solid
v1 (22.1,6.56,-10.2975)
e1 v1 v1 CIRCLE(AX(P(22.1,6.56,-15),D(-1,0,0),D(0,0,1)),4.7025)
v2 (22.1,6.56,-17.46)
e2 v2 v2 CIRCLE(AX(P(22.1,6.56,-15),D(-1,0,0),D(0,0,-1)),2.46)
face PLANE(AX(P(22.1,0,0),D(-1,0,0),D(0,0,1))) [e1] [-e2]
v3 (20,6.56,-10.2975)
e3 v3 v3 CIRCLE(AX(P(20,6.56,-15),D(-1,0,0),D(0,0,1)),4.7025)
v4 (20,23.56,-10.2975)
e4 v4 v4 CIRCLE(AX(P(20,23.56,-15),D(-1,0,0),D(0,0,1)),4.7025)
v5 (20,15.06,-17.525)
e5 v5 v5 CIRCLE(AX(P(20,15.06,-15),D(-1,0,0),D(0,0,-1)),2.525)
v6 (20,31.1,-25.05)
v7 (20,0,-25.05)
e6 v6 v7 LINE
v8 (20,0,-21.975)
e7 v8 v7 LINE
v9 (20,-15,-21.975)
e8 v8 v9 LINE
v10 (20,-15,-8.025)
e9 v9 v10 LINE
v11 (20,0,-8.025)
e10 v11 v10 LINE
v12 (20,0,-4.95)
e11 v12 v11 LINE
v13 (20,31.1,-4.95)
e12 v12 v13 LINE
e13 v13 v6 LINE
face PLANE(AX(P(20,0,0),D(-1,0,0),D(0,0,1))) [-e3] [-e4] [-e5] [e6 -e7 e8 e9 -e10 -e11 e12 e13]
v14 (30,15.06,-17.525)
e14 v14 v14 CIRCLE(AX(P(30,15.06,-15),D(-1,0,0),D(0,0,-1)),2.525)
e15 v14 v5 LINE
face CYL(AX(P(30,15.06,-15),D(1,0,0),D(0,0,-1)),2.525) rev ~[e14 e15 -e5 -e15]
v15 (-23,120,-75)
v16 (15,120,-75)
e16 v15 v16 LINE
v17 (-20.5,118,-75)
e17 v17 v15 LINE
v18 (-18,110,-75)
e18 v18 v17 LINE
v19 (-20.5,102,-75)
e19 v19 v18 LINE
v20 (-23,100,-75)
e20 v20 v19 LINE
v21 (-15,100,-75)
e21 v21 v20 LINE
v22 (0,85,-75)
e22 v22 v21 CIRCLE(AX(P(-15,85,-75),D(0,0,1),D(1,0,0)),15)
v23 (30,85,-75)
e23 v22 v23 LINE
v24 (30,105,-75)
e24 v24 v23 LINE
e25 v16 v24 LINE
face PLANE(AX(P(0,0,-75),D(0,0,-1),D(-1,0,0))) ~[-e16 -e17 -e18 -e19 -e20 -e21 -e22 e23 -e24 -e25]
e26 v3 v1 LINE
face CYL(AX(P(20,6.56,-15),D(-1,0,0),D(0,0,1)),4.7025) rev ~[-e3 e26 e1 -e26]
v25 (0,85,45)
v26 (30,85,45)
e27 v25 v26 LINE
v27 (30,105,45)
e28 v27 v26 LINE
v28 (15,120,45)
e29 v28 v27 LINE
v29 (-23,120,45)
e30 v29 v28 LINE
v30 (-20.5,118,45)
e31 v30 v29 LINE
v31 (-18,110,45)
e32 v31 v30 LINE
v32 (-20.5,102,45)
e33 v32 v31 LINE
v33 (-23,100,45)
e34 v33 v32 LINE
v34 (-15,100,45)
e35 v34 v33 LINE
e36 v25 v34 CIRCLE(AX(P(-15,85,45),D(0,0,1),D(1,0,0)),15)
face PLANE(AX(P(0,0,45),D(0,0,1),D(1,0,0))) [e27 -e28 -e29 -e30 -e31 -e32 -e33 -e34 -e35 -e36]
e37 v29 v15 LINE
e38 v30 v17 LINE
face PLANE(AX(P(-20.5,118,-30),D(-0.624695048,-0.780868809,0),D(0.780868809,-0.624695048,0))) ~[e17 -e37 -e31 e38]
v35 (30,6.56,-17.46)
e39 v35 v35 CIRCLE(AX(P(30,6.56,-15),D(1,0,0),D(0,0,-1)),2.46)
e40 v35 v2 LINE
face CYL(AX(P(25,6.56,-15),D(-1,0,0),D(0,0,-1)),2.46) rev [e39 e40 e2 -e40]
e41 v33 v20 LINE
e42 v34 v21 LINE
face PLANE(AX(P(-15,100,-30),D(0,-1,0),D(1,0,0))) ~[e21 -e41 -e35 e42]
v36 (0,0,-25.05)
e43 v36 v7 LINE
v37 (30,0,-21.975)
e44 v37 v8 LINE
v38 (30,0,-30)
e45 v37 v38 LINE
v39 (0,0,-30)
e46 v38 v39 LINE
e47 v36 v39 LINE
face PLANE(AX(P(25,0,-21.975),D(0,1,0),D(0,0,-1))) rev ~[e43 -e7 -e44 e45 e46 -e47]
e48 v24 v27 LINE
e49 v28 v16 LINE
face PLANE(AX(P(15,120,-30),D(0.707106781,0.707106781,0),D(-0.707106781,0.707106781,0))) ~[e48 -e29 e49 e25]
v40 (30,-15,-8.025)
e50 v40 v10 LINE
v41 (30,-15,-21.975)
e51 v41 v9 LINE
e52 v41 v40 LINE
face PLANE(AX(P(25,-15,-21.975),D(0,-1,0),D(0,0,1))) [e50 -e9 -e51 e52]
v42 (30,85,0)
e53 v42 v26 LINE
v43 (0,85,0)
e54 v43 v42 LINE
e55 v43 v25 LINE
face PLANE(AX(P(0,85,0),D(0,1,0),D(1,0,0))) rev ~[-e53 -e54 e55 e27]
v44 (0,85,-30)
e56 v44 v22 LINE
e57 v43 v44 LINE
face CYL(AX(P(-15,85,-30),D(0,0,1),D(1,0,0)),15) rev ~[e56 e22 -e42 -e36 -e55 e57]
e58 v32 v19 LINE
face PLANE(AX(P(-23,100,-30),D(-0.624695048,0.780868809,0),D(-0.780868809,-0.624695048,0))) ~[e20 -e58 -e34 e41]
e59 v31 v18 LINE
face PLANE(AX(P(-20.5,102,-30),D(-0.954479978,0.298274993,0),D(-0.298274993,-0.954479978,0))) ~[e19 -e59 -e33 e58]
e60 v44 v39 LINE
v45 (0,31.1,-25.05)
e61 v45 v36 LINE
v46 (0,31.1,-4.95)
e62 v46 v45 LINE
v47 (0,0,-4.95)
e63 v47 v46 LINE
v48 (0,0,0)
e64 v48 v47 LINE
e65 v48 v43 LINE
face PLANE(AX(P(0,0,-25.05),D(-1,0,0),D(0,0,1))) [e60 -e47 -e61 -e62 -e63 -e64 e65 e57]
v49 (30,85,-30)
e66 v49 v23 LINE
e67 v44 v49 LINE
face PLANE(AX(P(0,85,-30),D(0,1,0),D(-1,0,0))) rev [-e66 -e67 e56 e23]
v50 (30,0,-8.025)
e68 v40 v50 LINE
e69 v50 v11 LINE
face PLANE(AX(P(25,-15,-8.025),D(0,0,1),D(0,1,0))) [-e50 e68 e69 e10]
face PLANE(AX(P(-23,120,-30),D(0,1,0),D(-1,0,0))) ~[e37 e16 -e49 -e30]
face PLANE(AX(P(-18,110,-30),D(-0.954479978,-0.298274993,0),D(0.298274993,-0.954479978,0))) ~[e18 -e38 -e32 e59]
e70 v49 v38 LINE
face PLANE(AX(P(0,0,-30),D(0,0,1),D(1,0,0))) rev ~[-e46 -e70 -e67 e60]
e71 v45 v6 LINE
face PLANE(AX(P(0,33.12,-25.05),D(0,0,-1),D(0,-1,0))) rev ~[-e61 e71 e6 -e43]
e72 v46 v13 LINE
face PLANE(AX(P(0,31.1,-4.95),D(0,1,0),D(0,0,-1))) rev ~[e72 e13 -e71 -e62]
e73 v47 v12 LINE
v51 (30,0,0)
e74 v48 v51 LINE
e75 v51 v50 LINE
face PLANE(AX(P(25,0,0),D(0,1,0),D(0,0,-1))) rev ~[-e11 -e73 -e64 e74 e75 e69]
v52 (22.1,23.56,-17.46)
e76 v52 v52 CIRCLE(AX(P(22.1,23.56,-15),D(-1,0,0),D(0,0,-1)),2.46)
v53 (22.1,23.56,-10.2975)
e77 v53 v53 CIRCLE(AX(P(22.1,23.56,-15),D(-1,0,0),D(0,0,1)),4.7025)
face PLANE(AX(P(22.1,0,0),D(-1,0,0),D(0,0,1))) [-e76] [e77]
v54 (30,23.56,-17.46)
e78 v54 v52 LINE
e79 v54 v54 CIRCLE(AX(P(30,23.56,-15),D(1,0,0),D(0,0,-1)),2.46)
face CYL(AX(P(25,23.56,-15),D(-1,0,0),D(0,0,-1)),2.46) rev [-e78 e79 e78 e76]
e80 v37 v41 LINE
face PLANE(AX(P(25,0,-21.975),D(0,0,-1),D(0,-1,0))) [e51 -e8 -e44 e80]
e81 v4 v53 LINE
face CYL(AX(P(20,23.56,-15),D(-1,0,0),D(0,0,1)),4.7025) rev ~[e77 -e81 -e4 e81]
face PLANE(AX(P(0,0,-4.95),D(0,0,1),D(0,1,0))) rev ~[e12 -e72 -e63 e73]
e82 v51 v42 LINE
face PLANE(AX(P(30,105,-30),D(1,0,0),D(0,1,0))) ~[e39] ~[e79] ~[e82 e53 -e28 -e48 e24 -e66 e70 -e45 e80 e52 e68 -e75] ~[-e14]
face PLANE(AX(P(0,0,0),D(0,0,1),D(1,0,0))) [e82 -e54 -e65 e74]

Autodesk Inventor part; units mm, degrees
ref_plane "YZ Plane" through (0, 0, 0) normal (1, 0, 0) x (0, 1, 0)
ref_plane "XZ Plane" through (0, 0, 0) normal (0, 1, 0) x (-1, 0, 0)
sketch "Sketch1" plane through (0, 0, 0) normal (0, 0, 1) x (1, 0, 0)
  line L0 (0, 0) -> (25, 0)
  line L1 (25, 0) -> (25, 40)
  line L2 (25, 40) -> (0, 40)
  line L3 (0, 40) -> (0, 0)
  dimension "d1" = 25
  dimension "d2" = 40
  dimension "d3" = 25
extrude "Extrusion1" add sketch "Sketch1" against normal blind 30
sketch "Sketch2" plane through (25, 0, 0) normal (1, 0, 0) x (0, 0, -1)
  line L0 (0, 0) -> (30, 0) projected
  circle A0 centre (15, 6.56) radius 2.46
extrude "Extrusion2" cut sketch "Sketch2" against normal blind 30
sketch "Sketch3" plane through (0, 0, 0) normal (-1, 0, 0) x (0, 0, 1)
  line L0 (0, 0) -> (-30, 0) projected
  line L1 (-25.05, 0) -> (-4.95, 0)
  line L2 (-4.95, 0) -> (-4.95, 33.12)
  line L3 (-4.95, 33.12) -> (-25.05, 33.12)
  line L4 (-25.05, 33.12) -> (-25.05, 0)
  dimension "d11" = 20.1
extrude "Extrusion3" cut sketch "Sketch3" against normal blind 20
sketch "Sketch4" plane through (0, 0, 0) normal (0, -1, 0) x (1, 0, 0)
  line L0 (20, -4.95) -> (20, -25.05) projected
  line L1 (20, -15) -> (25, -15)
  line L2 (25, 0) -> (25, -30) projected
  line L3 (20, -8.025) -> (25, -8.025)
  line L4 (25, -8.025) -> (25, -21.975)
  line L5 (25, -21.975) -> (20, -21.975)
  line L6 (20, -21.975) -> (20, -8.025)
  line L7 (20, -8.025) -> (25, -21.975) construction
  line L8 (25, -8.025) -> (20, -21.975) construction
  line L9 (25, -12.54) -> (25, -17.46) projected
  point P0 (0, 0)
  point P1 (22.5, -15)
  dimension "d14" = 13.95
extrude "Extrusion4" add sketch "Sketch4" along normal blind 15
sketch "Sketch5" plane through (20, 0, 0) normal (-1, 0, 0) x (0, 0, 1)
  circle A0 centre (-15, 6.56) radius 2.46 projected
  circle A1 centre (-15, 6.56) radius 4.7025
  circle A2 centre (-15, 6.56) radius 2.46 projected
  circle A3 centre (-15, 6.56) radius 2.46
  point P0 (0, 0)
  dimension "d17" = 9.405
extrude "Extrusion5" cut sketch "Sketch5" against normal blind 2.1
sketch "Sketch6" plane through (25, 0, 0) normal (1, 0, 0) x (0, 0, -1)
  circle A0 centre (15, 6.56) radius 4.7025 projected
  line L0 (15, 6.56) -> (15, 23.56)
  circle A1 centre (15, 23.56) radius 2.46
  point P0 (0, 0)
  dimension "d20" = 17
  dimension "d21" = 4.92
extrude "Extrusion6" cut sketch "Sketch6" against normal blind 10 contours A1
sketch "Sketch7" plane through (20, 0, 0) normal (-1, 0, 0) x (0, 0, 1)
  circle A0 centre (-15, 23.56) radius 2.46 projected
  circle A1 centre (-15, 23.56) radius 4.7025
  point P0 (0, 0)
  dimension "d24" = 9.405
extrude "Extrusion7" cut sketch "Sketch7" against normal blind 2.1
sketch "Sketch9" plane through (25, 0, 0) normal (1, 0, 0) x (0, 0, -1)
  circle A0 centre (15, 6.56) radius 2.46 projected
  circle A1 centre (15, 6.56) radius 2.46
  circle A2 centre (15, 23.56) radius 2.46 projected
  circle A3 centre (15, 23.56) radius 2.46
  line L0 (30, 40) -> (30, 0) projected
  line L1 (30, 0) -> (30, 40)
  line L2 (30, 40) -> (0, 40)
  line L3 (0, 40) -> (0, 0)
  line L4 (0, 0) -> (8.025, 0) projected
  line L5 (21.975, 0) -> (21.975, -15)
  line L6 (21.975, -15) -> (8.025, -15)
  line L7 (8.025, -15) -> (8.025, 0)
  line L8 (0, 0) -> (8.025, 0)
  line L9 (21.975, 0) -> (30, 0)
extrude "Extrusion8" add sketch "Sketch9" along normal blind 5
sketch "Sketch10" plane through (0, 40, 0) normal (0, 1, 0) x (1, 0, 0)
  line L0 (0, 30) -> (30, 30) projected
  line L1 (30, 0) -> (0, 0) projected
  line L2 (0, 30) -> (30, 30)
  line L3 (30, 30) -> (30, 0)
  line L4 (30, 0) -> (0, 0)
  line L5 (0, 0) -> (0, 30)
extrude "Extrusion9" add sketch "Sketch10" along normal blind 30
sketch "Sketch12" plane through (30, 0, 0) normal (1, 0, 0) x (0, 0, -1)
  circle A0 centre (15, 6.56) radius 2.46 projected
  line L0 (15, 6.56) -> (15, 15.06)
  circle A1 centre (15, 15.06) radius 2.525
  point P0 (0, 0)
  dimension "d31" = 8.5
  dimension "d33" = 5.05
extrude "Extrusion10" cut sketch "Sketch12" against normal blind 30 contours A1
sketch "Sketch14" plane through (0, 0, 0) normal (0, 0, 1) x (1, 0, 0)
  line L0 (30, 70) -> (0, 70) projected
  line L1 (0, 70) -> (0, 85)
  line L2 (-15, 100) -> (-23, 100)
  line L3 (30, 0) -> (30, 70) projected
  line L4 (30, 100) -> (30, 70)
  arc A0 (0, 85) -> (-15, 100) centre (-15, 85) ccw
  line L5 (-23, 120) -> (15, 120)
  line L6 (-20.5, 118) -> (-18, 110)
  line L7 (-20.5, 118) -> (-23, 120)
  line L8 (-20.5, 102) -> (-18, 110)
  line L9 (-20.5, 102) -> (-23, 100)
  line L10 (30, 105) -> (15, 120)
  line L11 (30, 105) -> (30, 100)
  point P0 (0, 0)
  point P1 (0, 100)
  dimension "d47" = 30
  dimension "d54" = 15
  dimension "d60" = 20
extrude "Extrusion12" add sketch "Sketch14" against normal blind 30
sketch "Sketch15" plane through (0, 0, -25.05) normal (-1, 0, 0) x (0, 0, 1)
  line L0 (0, 33.12) -> (20.1, 33.12) projected
  line L1 (20.1, 33.12) -> (20.1, 0) projected
  line L2 (0, 33.12) -> (20.1, 33.12)
  line L3 (20.1, 33.12) -> (20.1, 31.1)
  line L4 (20.1, 31.1) -> (0, 31.1)
  line L5 (0, 31.1) -> (0, 33.12)
  point P0 (25.05, 0)
  dimension "d57" = 2.02
extrude "Extrusion13" add sketch "Sketch15" against normal blind 20
sketch "Sketch19" plane through (0, 0, 0) normal (0, 0, 1) x (1, 0, 0)
  arc A0 (0, 85) -> (-15, 100) centre (-15, 85) ccw projected
  arc A1 (0, 85) -> (-15, 100) centre (-15, 85) ccw
  line L0 (-15, 100) -> (-23, 100) projected
  line L1 (-15, 100) -> (-23, 100)
  line L2 (-23, 100) -> (-20.5, 102) projected
  line L3 (-23, 100) -> (-20.5, 102)
  line L4 (-20.5, 102) -> (-18, 110) projected
  line L5 (-20.5, 102) -> (-18, 110)
  line L6 (-18, 110) -> (-20.5, 118) projected
  line L7 (-18, 110) -> (-20.5, 118)
  line L8 (-23, 120) -> (15, 120) projected
  line L9 (-20.5, 118) -> (-23, 120)
  line L10 (-23, 120) -> (15, 120)
  line L11 (15, 120) -> (30, 105) projected
  line L12 (15, 120) -> (30, 105)
  line L13 (30, 105) -> (30, 85)
  line L14 (30, 0) -> (30, 105) projected
  line L15 (0, 85) -> (30, 85)
  point P0 (0, 0)
extrude "Extrusion14" add sketch "Sketch19" along normal blind 45
ref_plane "Work Plane1" through (0, 0, -15) normal (0, 0, 1) x (1, 0, 0)
mirror "Mirror1" about plane through (0, 0, -15) normal (0, 0, 1) of "Extrusion14"
properties part number "16mm_x_120mm"
